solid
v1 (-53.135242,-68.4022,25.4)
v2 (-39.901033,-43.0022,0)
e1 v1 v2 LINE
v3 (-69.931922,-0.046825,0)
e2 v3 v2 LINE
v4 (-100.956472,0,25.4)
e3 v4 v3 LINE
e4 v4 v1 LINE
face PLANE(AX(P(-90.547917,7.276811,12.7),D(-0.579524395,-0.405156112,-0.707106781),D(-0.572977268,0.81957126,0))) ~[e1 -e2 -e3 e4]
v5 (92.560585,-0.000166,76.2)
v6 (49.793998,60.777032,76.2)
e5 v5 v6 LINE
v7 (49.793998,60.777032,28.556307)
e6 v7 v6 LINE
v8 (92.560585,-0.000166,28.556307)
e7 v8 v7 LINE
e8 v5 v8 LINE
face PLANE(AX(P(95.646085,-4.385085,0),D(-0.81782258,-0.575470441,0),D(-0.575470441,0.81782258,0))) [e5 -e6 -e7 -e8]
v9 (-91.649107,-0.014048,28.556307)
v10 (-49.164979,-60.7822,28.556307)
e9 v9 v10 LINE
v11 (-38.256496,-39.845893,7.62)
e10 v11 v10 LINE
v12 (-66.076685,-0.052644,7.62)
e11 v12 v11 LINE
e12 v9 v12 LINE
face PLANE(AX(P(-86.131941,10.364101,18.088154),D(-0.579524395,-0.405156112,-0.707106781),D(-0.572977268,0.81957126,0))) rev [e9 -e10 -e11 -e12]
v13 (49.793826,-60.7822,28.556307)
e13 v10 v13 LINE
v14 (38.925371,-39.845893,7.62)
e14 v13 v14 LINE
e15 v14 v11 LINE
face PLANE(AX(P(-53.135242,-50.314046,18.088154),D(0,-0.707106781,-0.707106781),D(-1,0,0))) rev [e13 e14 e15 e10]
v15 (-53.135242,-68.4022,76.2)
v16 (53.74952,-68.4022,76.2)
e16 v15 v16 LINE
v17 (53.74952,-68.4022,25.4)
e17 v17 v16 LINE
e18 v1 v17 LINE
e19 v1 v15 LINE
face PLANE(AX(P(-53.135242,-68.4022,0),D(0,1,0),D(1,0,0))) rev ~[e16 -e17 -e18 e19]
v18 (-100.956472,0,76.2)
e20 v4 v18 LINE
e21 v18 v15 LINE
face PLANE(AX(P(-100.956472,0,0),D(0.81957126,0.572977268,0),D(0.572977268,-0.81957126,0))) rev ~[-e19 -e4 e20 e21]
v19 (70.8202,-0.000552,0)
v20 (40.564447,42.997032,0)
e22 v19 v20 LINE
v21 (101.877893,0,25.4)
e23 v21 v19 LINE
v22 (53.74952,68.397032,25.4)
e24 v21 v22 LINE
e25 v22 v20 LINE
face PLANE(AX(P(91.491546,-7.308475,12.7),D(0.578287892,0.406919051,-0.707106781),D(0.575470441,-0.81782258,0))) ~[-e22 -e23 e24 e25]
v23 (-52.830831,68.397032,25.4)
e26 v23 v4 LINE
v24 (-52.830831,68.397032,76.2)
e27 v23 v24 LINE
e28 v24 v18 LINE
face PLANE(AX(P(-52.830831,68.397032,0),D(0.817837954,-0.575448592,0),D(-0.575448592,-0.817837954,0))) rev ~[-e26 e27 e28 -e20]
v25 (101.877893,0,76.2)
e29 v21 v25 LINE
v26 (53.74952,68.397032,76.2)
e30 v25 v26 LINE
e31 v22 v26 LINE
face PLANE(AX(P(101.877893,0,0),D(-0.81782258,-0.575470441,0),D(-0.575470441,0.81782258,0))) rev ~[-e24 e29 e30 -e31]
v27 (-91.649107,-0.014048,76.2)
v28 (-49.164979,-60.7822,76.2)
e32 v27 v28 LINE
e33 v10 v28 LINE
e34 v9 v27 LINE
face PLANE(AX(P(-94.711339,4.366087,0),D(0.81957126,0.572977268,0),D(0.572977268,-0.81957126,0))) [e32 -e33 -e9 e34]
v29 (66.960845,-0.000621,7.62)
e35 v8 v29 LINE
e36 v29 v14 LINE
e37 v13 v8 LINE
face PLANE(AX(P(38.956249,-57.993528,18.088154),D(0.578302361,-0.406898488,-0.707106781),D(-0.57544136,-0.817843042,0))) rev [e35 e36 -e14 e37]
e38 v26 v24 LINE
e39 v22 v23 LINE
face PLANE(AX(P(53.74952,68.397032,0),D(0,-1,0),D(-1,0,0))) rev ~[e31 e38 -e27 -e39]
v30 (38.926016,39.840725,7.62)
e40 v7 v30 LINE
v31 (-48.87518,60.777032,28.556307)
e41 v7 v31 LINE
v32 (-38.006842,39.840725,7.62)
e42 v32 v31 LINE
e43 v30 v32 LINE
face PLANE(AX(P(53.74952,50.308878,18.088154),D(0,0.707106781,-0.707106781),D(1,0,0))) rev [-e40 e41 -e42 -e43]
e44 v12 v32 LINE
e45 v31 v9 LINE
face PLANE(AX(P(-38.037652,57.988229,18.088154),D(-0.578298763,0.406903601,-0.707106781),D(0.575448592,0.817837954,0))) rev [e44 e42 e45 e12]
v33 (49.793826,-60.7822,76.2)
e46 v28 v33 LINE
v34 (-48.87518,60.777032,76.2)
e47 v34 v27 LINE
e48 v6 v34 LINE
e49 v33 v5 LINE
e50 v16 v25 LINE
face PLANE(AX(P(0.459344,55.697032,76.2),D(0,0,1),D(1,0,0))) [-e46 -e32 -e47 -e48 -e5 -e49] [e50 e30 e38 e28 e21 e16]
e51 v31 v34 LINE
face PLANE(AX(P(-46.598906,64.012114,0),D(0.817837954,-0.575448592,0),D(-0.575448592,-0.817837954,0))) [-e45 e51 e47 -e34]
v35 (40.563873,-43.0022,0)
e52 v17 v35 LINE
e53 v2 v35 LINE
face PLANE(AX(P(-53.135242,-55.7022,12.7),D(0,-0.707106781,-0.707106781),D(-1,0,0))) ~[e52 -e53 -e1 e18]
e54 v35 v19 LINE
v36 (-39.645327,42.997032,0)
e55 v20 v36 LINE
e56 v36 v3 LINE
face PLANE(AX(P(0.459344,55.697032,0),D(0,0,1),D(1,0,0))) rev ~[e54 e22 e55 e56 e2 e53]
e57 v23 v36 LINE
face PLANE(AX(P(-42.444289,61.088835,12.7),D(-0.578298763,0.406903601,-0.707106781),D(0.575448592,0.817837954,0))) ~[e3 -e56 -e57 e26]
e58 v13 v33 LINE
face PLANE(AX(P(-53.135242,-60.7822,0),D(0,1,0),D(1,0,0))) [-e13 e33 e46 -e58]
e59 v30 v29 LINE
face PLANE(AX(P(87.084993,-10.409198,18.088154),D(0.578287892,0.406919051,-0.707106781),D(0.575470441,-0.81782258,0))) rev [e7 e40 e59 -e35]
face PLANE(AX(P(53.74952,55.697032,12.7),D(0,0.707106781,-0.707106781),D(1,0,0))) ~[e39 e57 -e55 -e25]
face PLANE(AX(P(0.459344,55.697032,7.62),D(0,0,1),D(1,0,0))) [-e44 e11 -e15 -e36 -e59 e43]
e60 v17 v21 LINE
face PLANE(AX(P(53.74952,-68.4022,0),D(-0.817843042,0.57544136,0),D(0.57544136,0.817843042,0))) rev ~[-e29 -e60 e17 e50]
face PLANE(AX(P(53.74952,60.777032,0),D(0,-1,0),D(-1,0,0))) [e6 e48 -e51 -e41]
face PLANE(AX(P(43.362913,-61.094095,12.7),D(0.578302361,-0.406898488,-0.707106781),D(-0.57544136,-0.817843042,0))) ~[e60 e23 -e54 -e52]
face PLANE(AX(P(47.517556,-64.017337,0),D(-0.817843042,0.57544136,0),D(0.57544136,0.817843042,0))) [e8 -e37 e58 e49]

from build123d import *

# Parameters (mm, degrees)
F1_DEPTH = 76.2
F2_SIZE  = 25.4
F3_T     = -7.62


with BuildPart() as f1:
    # F0 (on Top) → F1 (new body)
    with BuildSketch(Plane.XY):
        Polygon((-52.830831, 42.997032), (0, 42.997032), (53.74952, 42.997032), (53.74952, 68.397032), (-52.830831, 68.397032), align=None)
        Polygon((-75.556472, 0), (-52.830831, 42.997032), (-52.830831, 68.397032), (-100.956472, 0), align=None)
        Polygon((53.74952, 68.397032), (53.74952, 42.997032), (76.477893, 0), (101.877893, 0), align=None)
        Polygon((53.74952, 42.997032), (0, 42.997032), (-52.830831, 42.997032), (-75.556472, 0), (-52.830831, -43.0022), (53.74952, -43.0022), (76.477893, 0), align=None)
        Polygon((101.877893, 0), (76.477893, 0), (53.74952, -43.0022), (53.74952, -68.4022), align=None)
        Polygon((53.74952, -43.0022), (-52.830831, -43.0022), (-53.135242, -68.4022), (53.74952, -68.4022), align=None)
        Polygon((-52.830831, -43.0022), (-75.556472, 0), (-100.956472, 0), (-53.135242, -68.4022), align=None)
    extrude(amount=F1_DEPTH)

    # F2
    f2_edges = [f1.edges().sort_by_distance(p)[0] for p in [
        (0.459345, 68.397032, 0),
        (-76.893652, 34.198516, 0),
        (-77.045857, -34.2011, 0),
        (0.307139, -68.4022, 0),
        (77.813707, -34.2011, 0),
        (77.813707, 34.198516, 0),
    ]]
    chamfer(f2_edges, length=F2_SIZE)

    # F3
    f3_openings = [f1.faces().sort_by_distance(p)[0] for p in [
        (0.425958, -0.024737, 76.2),
    ]]
    offset(amount=F3_T, openings=f3_openings)


solid = f1.part
